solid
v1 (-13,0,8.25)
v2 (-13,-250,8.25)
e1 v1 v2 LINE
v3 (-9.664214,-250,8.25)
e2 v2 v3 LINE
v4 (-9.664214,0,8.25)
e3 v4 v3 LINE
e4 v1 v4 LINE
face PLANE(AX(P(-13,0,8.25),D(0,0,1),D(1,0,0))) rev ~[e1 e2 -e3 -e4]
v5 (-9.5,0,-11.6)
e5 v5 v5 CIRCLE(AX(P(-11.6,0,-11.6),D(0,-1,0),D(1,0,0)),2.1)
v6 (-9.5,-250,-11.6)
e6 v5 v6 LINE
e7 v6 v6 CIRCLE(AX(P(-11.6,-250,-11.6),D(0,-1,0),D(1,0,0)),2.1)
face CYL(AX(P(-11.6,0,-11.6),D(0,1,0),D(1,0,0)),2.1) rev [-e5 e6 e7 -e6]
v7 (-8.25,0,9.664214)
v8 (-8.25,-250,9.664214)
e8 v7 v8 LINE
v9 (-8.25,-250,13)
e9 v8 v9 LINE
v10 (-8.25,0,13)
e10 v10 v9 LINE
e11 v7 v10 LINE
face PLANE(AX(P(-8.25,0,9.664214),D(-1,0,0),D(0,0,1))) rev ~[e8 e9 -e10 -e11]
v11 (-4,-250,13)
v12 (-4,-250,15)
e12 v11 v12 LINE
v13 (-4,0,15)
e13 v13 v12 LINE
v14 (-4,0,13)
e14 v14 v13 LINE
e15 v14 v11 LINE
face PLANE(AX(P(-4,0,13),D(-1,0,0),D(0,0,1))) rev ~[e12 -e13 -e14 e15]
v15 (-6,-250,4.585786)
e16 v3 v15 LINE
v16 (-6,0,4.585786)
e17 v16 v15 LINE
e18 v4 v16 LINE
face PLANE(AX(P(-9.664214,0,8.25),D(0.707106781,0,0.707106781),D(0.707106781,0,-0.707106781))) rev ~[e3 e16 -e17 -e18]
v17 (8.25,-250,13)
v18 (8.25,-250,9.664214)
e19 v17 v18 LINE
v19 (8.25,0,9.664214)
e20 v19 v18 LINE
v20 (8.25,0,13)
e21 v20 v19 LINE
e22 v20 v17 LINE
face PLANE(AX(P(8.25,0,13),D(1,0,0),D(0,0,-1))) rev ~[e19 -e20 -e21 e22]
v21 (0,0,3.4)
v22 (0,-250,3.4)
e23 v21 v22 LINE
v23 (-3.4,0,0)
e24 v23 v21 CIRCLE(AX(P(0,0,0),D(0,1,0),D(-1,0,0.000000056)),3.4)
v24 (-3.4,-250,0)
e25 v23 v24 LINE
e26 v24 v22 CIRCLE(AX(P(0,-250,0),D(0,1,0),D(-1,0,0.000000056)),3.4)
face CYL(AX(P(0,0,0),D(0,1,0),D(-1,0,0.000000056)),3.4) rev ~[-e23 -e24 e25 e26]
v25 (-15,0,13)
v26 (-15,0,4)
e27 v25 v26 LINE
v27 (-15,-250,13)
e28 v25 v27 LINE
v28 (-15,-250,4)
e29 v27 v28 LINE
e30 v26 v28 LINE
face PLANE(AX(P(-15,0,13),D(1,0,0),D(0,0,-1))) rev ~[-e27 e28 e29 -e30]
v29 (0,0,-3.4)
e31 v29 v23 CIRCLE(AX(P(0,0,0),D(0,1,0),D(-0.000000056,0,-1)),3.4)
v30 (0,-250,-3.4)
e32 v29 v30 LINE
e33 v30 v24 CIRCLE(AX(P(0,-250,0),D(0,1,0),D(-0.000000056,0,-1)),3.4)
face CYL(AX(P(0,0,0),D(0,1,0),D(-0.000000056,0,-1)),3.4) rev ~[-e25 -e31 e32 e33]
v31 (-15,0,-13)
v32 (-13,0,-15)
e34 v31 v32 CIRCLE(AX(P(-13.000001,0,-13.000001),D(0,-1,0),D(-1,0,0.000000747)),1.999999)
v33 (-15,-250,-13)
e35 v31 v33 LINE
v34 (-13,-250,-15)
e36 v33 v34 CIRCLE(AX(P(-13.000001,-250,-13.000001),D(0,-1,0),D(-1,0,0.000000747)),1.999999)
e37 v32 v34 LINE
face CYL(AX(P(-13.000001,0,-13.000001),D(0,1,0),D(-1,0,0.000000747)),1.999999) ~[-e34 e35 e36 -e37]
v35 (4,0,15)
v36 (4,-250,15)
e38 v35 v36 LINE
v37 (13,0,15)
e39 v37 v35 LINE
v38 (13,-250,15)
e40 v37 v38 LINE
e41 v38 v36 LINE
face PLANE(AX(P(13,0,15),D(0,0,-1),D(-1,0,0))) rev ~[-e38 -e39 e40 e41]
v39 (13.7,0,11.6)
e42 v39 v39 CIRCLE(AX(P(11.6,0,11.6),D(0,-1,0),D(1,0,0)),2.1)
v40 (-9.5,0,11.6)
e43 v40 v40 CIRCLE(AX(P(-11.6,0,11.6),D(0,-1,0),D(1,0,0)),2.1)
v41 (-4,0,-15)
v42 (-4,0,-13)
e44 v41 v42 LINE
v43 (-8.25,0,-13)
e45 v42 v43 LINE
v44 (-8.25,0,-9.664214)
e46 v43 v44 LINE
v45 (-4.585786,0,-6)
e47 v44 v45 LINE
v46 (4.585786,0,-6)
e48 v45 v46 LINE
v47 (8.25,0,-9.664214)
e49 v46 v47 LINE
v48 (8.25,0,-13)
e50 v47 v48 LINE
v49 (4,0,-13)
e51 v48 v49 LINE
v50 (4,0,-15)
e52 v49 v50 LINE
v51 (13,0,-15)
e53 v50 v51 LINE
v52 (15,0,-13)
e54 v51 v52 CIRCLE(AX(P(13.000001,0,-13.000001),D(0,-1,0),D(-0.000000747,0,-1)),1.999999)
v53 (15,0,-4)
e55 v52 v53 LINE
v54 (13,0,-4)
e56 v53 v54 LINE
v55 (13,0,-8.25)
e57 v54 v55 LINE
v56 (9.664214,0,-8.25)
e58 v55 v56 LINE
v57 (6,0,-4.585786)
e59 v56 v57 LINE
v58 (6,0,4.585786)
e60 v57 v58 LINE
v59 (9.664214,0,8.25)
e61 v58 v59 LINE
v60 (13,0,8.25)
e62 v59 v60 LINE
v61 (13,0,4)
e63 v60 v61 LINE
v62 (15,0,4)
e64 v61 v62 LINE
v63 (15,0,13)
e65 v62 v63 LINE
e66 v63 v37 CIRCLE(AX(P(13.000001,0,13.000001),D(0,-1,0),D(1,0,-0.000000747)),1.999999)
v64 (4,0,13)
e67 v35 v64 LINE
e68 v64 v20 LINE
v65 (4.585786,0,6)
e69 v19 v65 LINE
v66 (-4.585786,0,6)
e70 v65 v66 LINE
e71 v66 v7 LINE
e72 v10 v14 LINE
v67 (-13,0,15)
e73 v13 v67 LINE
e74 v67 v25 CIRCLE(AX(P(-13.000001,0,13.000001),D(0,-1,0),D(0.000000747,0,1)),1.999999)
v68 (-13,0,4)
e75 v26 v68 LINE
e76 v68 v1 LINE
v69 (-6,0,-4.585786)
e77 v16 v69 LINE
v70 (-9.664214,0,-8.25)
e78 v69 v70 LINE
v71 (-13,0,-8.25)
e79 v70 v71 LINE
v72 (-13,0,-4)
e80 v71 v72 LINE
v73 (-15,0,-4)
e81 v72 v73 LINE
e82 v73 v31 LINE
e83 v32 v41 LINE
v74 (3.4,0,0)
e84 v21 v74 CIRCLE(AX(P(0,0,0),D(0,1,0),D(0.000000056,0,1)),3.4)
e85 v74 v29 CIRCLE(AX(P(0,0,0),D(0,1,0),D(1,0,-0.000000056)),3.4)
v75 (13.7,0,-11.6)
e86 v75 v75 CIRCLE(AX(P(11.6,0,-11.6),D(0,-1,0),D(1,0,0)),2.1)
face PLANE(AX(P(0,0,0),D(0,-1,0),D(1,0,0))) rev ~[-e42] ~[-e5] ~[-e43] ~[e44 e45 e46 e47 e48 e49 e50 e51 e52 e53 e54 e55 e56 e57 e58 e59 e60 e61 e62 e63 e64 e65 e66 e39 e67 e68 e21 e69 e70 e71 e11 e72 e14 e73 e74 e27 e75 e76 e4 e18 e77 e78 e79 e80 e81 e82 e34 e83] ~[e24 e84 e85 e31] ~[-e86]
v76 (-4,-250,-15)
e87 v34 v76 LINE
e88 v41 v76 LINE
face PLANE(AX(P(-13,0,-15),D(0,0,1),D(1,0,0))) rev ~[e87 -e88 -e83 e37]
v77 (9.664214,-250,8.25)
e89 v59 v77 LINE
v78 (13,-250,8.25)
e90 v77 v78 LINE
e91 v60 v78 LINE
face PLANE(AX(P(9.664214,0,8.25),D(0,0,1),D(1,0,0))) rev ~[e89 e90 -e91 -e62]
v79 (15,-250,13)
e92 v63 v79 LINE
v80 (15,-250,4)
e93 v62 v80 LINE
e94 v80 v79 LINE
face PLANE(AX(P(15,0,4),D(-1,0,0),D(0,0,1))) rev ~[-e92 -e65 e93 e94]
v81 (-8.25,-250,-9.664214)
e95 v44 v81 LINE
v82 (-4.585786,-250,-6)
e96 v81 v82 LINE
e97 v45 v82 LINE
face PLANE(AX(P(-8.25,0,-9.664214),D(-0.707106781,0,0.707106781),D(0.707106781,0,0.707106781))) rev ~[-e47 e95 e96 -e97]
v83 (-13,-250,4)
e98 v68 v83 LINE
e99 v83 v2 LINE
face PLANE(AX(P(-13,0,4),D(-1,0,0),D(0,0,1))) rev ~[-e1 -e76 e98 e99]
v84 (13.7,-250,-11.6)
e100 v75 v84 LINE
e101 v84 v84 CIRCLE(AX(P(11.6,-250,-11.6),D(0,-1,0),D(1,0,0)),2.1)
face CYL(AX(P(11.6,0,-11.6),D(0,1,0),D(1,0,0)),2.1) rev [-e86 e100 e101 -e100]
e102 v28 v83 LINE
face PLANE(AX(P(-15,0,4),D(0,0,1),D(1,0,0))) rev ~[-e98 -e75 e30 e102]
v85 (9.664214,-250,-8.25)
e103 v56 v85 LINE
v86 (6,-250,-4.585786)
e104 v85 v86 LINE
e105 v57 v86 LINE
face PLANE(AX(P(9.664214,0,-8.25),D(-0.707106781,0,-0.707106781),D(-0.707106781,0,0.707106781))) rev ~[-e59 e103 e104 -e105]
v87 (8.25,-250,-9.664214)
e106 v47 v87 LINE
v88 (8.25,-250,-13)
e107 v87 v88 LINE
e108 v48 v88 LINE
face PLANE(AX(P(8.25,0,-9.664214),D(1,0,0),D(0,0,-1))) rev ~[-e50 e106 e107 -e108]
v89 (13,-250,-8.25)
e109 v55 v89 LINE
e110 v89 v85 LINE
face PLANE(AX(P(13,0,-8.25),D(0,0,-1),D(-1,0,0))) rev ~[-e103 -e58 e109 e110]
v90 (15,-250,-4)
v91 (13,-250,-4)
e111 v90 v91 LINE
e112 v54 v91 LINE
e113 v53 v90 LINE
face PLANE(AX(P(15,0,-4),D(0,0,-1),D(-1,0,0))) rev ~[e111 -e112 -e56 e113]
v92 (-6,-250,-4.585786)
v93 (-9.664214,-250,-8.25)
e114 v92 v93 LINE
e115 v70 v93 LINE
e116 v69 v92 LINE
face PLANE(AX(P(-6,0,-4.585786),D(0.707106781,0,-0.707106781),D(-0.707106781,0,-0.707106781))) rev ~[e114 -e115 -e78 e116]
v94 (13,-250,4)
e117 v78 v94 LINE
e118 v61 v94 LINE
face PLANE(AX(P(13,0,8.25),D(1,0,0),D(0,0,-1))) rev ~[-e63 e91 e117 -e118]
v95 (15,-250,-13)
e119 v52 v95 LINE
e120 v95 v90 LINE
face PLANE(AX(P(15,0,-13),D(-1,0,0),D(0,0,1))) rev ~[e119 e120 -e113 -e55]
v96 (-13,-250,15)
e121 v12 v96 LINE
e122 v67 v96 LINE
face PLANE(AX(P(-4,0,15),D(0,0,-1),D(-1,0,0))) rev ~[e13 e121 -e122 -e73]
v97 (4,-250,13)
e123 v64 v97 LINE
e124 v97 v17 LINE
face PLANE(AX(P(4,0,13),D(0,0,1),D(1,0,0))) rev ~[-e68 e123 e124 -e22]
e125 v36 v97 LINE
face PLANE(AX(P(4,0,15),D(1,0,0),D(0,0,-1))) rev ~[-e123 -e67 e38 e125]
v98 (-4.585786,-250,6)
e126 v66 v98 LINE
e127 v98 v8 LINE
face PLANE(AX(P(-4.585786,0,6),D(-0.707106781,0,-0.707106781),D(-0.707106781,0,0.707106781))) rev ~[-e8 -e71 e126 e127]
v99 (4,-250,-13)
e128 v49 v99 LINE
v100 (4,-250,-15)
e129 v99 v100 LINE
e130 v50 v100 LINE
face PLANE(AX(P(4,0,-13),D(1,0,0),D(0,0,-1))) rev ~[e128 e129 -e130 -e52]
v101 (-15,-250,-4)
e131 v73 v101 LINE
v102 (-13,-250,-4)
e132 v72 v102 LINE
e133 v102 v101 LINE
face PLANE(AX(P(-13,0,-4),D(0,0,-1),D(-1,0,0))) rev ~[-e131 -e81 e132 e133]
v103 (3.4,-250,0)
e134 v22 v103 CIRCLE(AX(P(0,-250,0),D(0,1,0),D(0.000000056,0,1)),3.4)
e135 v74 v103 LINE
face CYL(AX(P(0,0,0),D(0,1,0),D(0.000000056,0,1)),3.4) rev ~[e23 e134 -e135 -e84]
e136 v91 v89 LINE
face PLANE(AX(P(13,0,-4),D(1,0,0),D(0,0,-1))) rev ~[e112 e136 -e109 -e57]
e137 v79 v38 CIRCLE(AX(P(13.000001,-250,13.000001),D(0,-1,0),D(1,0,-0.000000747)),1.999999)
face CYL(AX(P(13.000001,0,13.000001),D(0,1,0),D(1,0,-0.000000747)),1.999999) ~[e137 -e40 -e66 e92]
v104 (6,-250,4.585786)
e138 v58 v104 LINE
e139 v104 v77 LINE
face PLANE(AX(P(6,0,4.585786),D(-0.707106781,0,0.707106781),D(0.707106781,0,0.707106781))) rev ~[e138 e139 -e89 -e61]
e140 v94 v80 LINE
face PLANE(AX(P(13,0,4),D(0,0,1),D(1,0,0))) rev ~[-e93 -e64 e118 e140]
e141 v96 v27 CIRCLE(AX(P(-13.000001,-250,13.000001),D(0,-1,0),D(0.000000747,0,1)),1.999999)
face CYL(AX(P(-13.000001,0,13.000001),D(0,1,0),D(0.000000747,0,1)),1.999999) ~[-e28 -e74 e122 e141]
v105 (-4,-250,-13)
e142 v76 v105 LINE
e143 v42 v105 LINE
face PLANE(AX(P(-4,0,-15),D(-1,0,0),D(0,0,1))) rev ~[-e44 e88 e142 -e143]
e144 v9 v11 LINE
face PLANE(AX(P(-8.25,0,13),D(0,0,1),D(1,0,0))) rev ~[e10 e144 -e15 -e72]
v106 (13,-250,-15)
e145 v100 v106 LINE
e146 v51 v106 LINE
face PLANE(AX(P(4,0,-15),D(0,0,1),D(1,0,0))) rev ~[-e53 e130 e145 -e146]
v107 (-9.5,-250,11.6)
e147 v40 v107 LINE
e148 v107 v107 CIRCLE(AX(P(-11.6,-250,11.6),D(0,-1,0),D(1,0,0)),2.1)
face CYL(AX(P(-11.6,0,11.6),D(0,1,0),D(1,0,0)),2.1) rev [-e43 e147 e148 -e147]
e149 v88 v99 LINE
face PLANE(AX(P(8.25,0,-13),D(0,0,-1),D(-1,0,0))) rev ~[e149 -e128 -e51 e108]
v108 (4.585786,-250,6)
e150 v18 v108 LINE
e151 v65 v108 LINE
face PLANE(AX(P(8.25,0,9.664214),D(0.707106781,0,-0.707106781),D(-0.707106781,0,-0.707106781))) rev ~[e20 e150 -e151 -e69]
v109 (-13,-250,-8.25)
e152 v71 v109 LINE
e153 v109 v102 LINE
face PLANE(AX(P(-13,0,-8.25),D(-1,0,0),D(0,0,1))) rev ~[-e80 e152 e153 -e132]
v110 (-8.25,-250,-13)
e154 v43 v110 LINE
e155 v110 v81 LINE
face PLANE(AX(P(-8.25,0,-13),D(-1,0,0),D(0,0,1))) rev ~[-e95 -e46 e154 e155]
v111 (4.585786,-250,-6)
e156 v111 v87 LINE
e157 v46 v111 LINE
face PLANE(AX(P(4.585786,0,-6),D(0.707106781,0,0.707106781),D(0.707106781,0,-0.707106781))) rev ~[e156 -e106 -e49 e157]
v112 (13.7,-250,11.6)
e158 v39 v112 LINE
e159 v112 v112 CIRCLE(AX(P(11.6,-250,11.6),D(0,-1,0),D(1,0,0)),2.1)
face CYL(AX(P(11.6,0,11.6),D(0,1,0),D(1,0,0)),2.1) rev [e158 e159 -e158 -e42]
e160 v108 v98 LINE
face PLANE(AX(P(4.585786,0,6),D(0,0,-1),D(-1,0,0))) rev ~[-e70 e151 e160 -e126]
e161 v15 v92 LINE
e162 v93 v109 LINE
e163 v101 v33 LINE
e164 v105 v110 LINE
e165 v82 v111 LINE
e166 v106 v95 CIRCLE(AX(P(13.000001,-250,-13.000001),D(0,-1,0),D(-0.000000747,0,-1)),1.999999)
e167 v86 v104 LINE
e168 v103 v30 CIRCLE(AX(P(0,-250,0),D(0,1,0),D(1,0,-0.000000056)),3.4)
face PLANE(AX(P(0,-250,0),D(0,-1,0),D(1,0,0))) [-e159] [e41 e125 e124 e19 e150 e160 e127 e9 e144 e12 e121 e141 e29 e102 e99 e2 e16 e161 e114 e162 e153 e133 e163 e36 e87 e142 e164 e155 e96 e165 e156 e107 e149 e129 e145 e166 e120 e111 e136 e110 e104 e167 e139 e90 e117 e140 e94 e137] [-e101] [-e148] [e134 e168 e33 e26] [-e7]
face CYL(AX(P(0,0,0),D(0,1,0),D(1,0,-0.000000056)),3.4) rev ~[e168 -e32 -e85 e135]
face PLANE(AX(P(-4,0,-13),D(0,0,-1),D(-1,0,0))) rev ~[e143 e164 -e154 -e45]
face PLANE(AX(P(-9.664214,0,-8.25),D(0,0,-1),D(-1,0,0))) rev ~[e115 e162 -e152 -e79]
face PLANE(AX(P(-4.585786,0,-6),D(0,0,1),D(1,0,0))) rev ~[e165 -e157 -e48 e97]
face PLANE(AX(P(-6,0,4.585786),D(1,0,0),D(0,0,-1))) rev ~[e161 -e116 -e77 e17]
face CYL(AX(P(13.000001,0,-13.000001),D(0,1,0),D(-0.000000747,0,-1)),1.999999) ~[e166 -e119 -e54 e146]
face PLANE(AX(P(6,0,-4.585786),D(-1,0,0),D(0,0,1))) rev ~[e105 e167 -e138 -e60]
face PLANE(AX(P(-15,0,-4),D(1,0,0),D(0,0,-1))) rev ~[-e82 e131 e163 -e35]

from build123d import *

# Parameters (mm, degrees)
F0_R     = 2.1
F1_DEPTH = 250


with BuildPart() as f1:
    # F0 (on Front) → F1 (new body)
    with BuildSketch(Plane.XZ):
        with BuildLine():
            Line((4.585786, 6), (0, 6))
            Line((0, 6), (-4.585786, 6))
            Line((-4.585786, 6), (-8.25, 9.664214))
            Line((-8.25, 9.664214), (-8.25, 13))
            Line((-8.25, 13), (-4, 13))
            Line((-4, 13), (-4, 15))
            Line((-4, 15), (-13, 15))
            ThreePointArc((-13, 15), (-14.414214, 14.414214), (-15, 13))
            Line((-15, 13), (-15, 4))
            Line((-15, 4), (-13, 4))
            Line((-13, 4), (-13, 8.25))
            Line((-13, 8.25), (-9.664214, 8.25))
            Line((-9.664214, 8.25), (-6, 4.585786))
            Line((-6, 4.585786), (-6, 0))
            Line((-6, 0), (-6, -4.585786))
            Line((-6, -4.585786), (-9.664214, -8.25))
            Line((-9.664214, -8.25), (-13, -8.25))
            Line((-13, -8.25), (-13, -4))
            Line((-13, -4), (-15, -4))
            Line((-15, -4), (-15, -13))
            ThreePointArc((-15, -13), (-14.414214, -14.414214), (-13, -15))
            Line((-13, -15), (-4, -15))
            Line((-4, -15), (-4, -13))
            Line((-4, -13), (-8.25, -13))
            Line((-8.25, -13), (-8.25, -9.664214))
            Line((-8.25, -9.664214), (-4.585786, -6))
            Line((-4.585786, -6), (0, -6))
            Line((0, -6), (4.585786, -6))
            Line((4.585786, -6), (8.25, -9.664214))
            Line((8.25, -9.664214), (8.25, -13))
            Line((8.25, -13), (4, -13))
            Line((4, -13), (4, -15))
            Line((4, -15), (13, -15))
            ThreePointArc((13, -15), (14.414214, -14.414214), (15, -13))
            Line((15, -13), (15, -4))
            Line((15, -4), (13, -4))
            Line((13, -4), (13, -8.25))
            Line((13, -8.25), (9.664214, -8.25))
            Line((9.664214, -8.25), (6, -4.585786))
            Line((6, -4.585786), (6, 0))
            Line((6, 0), (6, 4.585786))
            Line((6, 4.585786), (9.664214, 8.25))
            Line((9.664214, 8.25), (13, 8.25))
            Line((13, 8.25), (13, 4))
            Line((13, 4), (15, 4))
            Line((15, 4), (15, 13))
            ThreePointArc((15, 13), (14.414214, 14.414214), (13, 15))
            Line((13, 15), (4, 15))
            Line((4, 15), (4, 13))
            Line((4, 13), (8.25, 13))
            Line((8.25, 13), (8.25, 9.664214))
            Line((8.25, 9.664214), (4.585786, 6))
        make_face()
        with Locations((-11.6, -11.6)):
            Circle(F0_R, mode=Mode.SUBTRACT)
        with Locations((11.6, -11.6)):
            Circle(F0_R, mode=Mode.SUBTRACT)
        with Locations((-11.6, 11.6)):
            Circle(F0_R, mode=Mode.SUBTRACT)
        with BuildLine():
            ThreePointArc((-3.4, 0), (-2.404163, 2.404163), (0, 3.4))
            ThreePointArc((0, 3.4), (2.404163, 2.404163), (3.4, 0))
            ThreePointArc((3.4, 0), (2.404163, -2.404163), (0, -3.4))
            ThreePointArc((0, -3.4), (-2.404163, -2.404163), (-3.4, 0))
        make_face(mode=Mode.SUBTRACT)
        with Locations((11.6, 11.6)):
            Circle(F0_R, mode=Mode.SUBTRACT)
    extrude(amount=F1_DEPTH)


solid = f1.part
